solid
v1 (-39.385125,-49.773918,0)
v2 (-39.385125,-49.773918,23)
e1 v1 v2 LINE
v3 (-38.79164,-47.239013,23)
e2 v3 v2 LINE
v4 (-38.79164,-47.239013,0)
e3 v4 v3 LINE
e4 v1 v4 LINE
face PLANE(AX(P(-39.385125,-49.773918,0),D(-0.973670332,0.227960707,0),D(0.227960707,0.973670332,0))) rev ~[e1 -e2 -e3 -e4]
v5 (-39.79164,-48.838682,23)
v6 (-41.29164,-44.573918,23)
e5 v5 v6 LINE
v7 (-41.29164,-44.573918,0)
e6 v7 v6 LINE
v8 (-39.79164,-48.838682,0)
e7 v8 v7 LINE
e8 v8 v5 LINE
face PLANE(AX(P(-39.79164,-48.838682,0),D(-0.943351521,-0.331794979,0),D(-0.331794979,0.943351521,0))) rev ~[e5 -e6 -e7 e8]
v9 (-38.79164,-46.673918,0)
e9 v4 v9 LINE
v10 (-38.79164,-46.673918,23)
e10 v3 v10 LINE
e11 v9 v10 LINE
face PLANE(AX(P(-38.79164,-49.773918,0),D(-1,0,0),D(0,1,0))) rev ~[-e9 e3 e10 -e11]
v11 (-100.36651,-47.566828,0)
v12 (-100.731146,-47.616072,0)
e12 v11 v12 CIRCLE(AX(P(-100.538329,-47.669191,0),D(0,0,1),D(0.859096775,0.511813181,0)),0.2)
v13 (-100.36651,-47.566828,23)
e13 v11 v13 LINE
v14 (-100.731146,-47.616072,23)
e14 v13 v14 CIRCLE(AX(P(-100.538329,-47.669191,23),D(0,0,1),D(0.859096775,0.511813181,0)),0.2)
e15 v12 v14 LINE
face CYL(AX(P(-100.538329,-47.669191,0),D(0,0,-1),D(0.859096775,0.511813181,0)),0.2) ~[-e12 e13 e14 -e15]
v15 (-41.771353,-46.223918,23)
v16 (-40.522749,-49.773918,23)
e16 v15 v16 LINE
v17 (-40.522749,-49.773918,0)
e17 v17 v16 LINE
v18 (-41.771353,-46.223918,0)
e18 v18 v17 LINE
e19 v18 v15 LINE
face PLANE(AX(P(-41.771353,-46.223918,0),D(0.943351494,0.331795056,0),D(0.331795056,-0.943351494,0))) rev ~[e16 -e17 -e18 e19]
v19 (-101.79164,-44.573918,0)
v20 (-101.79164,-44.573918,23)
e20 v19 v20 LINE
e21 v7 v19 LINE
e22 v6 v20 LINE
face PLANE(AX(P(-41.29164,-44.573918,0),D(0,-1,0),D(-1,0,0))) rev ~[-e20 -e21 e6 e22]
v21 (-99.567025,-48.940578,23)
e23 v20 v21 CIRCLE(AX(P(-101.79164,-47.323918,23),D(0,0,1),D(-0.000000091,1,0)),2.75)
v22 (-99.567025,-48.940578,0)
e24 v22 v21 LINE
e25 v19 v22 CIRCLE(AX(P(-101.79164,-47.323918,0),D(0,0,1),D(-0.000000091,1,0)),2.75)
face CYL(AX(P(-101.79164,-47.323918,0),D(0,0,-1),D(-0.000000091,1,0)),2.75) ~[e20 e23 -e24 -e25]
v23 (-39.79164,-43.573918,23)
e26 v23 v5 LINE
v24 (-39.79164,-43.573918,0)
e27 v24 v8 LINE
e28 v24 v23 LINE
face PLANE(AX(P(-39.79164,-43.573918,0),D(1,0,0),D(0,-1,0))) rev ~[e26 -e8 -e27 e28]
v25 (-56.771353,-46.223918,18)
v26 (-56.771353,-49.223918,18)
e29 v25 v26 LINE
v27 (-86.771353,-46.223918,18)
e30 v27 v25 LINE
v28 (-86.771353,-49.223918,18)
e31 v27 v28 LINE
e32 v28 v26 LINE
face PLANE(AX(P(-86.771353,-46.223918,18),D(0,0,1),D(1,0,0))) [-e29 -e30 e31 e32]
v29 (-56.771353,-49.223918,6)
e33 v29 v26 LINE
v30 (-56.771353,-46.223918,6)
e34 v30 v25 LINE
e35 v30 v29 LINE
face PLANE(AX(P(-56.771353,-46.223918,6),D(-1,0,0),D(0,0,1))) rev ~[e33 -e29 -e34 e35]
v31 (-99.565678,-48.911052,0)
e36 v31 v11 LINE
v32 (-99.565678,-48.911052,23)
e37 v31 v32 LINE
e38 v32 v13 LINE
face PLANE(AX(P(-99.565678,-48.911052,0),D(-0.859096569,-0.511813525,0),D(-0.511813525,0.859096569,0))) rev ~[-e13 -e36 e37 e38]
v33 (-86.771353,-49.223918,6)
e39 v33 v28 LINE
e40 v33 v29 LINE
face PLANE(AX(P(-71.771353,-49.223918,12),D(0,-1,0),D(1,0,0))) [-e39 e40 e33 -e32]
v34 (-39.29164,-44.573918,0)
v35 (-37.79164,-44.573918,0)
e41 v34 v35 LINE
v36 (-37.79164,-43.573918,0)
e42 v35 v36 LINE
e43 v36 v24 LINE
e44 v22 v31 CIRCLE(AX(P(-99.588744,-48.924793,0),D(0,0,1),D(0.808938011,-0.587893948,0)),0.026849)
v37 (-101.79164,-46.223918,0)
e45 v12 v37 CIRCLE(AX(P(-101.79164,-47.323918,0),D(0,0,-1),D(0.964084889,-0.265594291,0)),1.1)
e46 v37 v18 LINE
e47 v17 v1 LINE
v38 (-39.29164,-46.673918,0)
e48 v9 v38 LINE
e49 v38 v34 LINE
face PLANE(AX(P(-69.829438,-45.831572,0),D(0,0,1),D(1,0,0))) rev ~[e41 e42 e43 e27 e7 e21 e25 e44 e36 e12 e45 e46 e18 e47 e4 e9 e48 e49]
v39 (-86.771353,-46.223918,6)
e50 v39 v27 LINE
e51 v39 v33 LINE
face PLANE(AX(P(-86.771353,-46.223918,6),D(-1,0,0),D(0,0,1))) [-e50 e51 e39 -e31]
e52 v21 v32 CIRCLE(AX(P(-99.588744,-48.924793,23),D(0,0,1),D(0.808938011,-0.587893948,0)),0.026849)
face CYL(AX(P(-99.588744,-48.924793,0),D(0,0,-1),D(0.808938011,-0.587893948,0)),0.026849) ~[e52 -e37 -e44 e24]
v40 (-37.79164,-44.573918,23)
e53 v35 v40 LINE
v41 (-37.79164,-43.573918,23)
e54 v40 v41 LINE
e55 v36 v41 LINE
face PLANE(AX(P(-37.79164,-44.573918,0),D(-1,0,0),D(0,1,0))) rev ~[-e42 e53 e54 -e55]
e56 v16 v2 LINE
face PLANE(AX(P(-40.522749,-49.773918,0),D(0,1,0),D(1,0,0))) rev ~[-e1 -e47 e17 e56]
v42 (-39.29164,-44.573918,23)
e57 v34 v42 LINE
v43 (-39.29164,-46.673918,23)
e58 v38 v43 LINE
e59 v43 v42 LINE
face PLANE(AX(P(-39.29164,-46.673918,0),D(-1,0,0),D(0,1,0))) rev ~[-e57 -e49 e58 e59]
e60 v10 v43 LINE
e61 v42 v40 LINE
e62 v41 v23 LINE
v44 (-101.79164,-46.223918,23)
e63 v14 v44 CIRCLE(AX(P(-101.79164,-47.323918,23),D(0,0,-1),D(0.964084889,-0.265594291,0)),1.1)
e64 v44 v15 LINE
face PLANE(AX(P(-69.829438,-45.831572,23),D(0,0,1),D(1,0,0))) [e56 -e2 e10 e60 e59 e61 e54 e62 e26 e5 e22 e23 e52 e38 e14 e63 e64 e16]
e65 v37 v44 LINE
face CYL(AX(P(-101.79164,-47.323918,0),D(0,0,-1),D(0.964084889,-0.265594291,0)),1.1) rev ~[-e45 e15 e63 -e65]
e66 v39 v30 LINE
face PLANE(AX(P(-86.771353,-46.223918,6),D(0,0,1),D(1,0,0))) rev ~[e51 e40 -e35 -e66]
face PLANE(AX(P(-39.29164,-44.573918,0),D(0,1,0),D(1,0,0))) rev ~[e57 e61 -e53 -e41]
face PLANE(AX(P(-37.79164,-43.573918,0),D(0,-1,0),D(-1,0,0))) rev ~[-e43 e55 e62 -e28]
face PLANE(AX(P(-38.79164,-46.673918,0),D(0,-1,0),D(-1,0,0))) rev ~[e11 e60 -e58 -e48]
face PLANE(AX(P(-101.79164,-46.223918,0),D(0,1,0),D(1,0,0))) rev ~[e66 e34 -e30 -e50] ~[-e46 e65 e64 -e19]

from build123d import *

# Parameters (mm, degrees)
F1_DEPTH = 23
F3_DEPTH = 25
F4_W     = 30
F4_H     = 12
F5_DEPTH = 3


with BuildPart() as f1:
    # F0 (on Top) → F1 (new body)
    with BuildSketch(Plane.XY):
        with BuildLine():
            Line((-101.79164, -46.223918), (-41.771353, -46.223918))
            Line((-41.771353, -46.223918), (-40.522749, -49.773918))
            Line((-40.522749, -49.773918), (-38.79164, -49.773918))
            Line((-38.79164, -49.773918), (-38.79164, -46.673918))
            Line((-38.79164, -46.673918), (-39.29164, -46.673918))
            Line((-39.29164, -46.673918), (-39.29164, -44.573918))
            Line((-39.29164, -44.573918), (-38.79164, -44.573918))
            Line((-38.79164, -44.573918), (-37.79164, -44.573918))
            Line((-37.79164, -44.573918), (-37.79164, -43.573918))
            Line((-37.79164, -43.573918), (-39.79164, -43.573918))
            Line((-39.79164, -43.573918), (-39.79164, -48.838682))
            Line((-39.79164, -48.838682), (-41.29164, -44.573918))
            Line((-41.29164, -44.573918), (-101.79164, -44.573918))
            ThreePointArc((-101.79164, -44.573918), (-104.241978, -48.572254), (-99.567025, -48.940578))
            ThreePointArc((-99.567025, -48.940578), (-99.561923, -48.926017), (-99.565678, -48.911052))
            Line((-99.565678, -48.911052), (-100.36651, -47.566828))
            ThreePointArc((-100.36651, -47.566828), (-100.565096, -47.47099), (-100.731146, -47.616072))
            ThreePointArc((-100.731146, -47.616072), (-102.666674, -47.990488), (-101.79164, -46.223918))
        make_face()
    extrude(amount=F1_DEPTH)

    # F2 (on face) → F3 (cut)
    with BuildSketch(Plane(origin=(0, 0, 0), x_dir=(1, 0, 0), z_dir=(0, 0, -1))):
        Polygon((-39.385125, 49.773918), (-38.79164, 47.239013), (-38.79164, 49.773918), align=None)
    extrude(amount=-F3_DEPTH, mode=Mode.SUBTRACT)

    # F4 (on face) → F5 (join)
    with BuildSketch(Plane.XZ.offset(46.223918)):
        with Locations((-71.771353, 12)):
            Rectangle(F4_W, F4_H)
    extrude(amount=F5_DEPTH)


solid = f1.part
